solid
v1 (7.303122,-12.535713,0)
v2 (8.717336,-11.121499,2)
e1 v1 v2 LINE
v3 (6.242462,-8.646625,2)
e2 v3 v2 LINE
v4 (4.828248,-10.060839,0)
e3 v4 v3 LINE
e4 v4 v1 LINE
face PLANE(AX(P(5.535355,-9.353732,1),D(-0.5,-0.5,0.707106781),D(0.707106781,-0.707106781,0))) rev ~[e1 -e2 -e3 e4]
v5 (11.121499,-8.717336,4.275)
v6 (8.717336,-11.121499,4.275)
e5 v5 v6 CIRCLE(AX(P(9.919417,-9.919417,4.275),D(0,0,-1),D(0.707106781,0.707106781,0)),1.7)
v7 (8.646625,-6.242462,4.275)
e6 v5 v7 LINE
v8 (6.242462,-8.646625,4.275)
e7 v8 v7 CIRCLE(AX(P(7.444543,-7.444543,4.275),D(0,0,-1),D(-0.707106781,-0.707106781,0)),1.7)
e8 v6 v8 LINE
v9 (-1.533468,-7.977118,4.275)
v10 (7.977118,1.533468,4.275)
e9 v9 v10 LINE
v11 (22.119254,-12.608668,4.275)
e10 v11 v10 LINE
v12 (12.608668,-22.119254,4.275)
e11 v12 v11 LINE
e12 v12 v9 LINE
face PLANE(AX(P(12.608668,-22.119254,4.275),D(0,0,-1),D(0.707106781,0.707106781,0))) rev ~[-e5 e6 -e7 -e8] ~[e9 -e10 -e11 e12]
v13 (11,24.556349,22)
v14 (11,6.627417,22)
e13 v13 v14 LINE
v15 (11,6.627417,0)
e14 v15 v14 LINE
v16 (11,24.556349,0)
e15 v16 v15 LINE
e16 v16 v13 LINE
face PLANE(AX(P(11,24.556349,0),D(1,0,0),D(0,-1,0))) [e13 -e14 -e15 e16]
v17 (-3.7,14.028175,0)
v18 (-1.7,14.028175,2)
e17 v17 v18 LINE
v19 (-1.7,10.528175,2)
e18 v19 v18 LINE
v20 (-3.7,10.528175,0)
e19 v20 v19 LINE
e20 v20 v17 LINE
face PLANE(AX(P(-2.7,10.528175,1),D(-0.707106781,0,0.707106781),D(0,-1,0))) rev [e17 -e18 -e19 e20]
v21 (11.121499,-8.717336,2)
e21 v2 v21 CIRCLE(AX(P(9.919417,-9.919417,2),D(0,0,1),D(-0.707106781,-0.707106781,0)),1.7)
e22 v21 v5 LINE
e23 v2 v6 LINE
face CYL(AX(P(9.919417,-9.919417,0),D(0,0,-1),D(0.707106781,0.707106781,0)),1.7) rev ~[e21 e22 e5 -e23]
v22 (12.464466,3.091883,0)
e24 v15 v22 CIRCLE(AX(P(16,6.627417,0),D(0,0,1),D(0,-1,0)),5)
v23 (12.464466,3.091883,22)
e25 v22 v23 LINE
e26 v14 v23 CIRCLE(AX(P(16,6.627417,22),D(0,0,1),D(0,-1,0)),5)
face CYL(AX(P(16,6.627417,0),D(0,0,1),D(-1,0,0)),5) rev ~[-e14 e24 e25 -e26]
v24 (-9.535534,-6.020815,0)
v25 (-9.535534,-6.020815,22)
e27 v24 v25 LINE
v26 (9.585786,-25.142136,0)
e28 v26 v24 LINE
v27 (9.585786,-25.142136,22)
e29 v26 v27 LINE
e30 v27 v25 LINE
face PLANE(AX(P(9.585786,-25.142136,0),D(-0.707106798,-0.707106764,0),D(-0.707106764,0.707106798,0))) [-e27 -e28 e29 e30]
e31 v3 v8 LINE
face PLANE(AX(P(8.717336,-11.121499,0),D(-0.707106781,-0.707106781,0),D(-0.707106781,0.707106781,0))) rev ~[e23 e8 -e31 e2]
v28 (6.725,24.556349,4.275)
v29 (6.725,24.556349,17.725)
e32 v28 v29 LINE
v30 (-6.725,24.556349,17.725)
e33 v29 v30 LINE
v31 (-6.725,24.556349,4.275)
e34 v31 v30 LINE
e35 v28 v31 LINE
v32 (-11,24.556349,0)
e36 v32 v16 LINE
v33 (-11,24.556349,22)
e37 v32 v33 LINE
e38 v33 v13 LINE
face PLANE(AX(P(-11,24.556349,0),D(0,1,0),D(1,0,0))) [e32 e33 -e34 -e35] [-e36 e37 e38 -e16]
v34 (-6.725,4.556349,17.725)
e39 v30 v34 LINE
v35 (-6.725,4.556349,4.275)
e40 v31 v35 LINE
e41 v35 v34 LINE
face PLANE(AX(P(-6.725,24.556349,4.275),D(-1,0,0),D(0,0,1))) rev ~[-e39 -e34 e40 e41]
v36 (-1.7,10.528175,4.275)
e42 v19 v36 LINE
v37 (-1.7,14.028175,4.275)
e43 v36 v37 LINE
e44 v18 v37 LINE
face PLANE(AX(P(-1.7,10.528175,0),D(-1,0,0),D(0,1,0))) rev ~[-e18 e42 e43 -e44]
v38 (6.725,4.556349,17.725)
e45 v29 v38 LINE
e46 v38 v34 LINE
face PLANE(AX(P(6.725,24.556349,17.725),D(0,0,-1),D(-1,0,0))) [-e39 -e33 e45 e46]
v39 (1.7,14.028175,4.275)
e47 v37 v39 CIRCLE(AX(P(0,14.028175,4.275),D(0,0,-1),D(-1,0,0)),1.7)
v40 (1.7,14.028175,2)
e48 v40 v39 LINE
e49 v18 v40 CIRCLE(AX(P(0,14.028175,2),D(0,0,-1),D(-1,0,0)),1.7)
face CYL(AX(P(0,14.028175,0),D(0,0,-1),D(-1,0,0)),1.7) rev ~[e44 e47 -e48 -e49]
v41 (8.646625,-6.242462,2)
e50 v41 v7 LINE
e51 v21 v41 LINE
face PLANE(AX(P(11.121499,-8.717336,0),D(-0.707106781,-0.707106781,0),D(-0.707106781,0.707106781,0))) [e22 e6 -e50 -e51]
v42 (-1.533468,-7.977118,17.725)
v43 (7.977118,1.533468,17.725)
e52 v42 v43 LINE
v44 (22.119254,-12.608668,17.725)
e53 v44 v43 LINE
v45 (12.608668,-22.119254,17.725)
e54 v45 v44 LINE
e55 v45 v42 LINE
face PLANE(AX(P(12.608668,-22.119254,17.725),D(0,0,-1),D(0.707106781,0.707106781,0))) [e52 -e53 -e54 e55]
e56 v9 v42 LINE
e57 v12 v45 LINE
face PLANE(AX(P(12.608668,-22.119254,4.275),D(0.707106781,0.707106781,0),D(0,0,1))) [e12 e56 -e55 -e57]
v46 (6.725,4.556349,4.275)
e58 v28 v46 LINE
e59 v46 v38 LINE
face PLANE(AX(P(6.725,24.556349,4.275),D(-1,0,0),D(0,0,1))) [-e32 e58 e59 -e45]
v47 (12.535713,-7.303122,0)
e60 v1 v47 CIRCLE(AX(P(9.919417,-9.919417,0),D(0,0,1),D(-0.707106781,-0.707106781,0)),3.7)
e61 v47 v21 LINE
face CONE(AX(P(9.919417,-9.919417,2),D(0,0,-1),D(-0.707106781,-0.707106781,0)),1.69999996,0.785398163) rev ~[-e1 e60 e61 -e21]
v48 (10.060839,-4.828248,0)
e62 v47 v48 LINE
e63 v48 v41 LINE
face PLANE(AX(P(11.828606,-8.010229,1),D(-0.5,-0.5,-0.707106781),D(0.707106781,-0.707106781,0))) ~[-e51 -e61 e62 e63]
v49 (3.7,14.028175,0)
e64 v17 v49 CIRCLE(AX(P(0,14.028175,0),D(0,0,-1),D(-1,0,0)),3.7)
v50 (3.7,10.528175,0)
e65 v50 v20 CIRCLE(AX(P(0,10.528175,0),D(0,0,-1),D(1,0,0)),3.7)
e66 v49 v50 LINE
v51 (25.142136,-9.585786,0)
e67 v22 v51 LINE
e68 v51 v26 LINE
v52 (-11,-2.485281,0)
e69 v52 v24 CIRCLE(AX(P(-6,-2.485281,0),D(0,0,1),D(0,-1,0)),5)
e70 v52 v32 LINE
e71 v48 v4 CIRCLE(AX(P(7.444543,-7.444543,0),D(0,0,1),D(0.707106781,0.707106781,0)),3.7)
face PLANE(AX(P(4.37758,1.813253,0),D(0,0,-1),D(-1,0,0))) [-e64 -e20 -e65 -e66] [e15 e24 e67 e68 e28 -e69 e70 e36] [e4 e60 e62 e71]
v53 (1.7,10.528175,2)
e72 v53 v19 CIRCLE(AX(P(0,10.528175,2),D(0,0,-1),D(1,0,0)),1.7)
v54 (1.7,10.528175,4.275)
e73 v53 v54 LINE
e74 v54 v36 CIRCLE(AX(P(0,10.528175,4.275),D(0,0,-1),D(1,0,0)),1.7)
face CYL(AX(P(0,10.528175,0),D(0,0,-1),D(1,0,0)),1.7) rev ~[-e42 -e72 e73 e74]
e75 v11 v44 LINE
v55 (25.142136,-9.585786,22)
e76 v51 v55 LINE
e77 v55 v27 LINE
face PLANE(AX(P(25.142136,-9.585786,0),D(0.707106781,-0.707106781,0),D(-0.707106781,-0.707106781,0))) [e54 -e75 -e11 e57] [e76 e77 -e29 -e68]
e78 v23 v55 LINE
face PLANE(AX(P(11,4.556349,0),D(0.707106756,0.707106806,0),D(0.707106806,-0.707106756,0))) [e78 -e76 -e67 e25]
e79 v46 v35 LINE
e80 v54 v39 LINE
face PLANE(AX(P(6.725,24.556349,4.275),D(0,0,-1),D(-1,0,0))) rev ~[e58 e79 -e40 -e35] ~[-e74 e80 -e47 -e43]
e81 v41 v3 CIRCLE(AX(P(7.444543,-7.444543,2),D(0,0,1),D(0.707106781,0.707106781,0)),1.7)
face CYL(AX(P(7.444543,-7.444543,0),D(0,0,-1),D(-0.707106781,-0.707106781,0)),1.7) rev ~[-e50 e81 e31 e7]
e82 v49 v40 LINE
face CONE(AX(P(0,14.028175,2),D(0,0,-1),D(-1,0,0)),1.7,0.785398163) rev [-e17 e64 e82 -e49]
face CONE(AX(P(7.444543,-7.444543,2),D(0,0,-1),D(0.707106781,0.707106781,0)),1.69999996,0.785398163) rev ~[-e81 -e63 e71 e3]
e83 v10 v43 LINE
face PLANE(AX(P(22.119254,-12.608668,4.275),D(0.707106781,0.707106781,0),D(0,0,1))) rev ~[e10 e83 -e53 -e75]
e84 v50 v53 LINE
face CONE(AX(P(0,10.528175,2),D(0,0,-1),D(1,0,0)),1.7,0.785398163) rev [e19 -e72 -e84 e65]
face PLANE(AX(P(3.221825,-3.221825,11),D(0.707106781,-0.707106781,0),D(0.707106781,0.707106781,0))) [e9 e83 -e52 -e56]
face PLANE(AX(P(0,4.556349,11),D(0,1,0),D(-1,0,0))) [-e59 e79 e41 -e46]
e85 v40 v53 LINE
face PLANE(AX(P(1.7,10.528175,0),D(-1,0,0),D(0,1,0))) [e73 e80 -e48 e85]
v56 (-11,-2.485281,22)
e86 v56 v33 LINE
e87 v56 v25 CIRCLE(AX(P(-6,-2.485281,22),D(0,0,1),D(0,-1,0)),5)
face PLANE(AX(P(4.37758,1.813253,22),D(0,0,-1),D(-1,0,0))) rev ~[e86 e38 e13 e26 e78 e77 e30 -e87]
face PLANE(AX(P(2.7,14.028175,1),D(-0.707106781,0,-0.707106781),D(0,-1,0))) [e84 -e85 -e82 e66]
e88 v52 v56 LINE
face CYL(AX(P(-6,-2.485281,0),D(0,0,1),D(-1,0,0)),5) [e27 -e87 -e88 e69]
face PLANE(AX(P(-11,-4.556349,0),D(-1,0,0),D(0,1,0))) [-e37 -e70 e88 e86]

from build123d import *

# Parameters (mm, degrees)
PAD_DEPTH       = 22
SKETCH001_W     = 13.45
SKETCH001_H     = 13.45
POCKET_DEPTH    = 20
SKETCH002_W     = 13.45
SKETCH002_H     = 13.45
POCKET001_DEPTH = 20
POCKET002_DEPTH = 5
CHAMFER_SIZE    = 2
FILLET_R        = 5


with BuildPart() as part:
    # Sketch → Pad (new body)
    with BuildSketch(Plane.XY):
        Polygon((-11, 24.556349), (11, 24.556349), (11, 4.556349), (25.142136, -9.585786), (9.585786, -25.142136), (-11, -4.556349), align=None)
    extrude(amount=PAD_DEPTH)

    # Sketch001 (on Face4 of Pad) → Pocket (cut)
    with BuildSketch(Plane(origin=(17.363961, -17.363961, 0), x_dir=(0.707107, 0.707107, 0), z_dir=(0.707107, -0.707107, 0))):
        with Locations((0, 11)):
            Rectangle(SKETCH001_W, SKETCH001_H)
    extrude(amount=-POCKET_DEPTH, mode=Mode.SUBTRACT)

    # Sketch002 (on Face1 of Pocket) → Pocket001 (cut)
    with BuildSketch(Plane(origin=(0, 24.556349, 0), x_dir=(-1, 0, 0), z_dir=(0, 1, 0))):
        with Locations((0, 11)):
            Rectangle(SKETCH002_W, SKETCH002_H)
    extrude(amount=-POCKET001_DEPTH, mode=Mode.SUBTRACT)

    # Sketch003 (on Face3 of Pocket001) → Pocket002 (cut)
    with BuildSketch(Plane(origin=(0, 0, 0), x_dir=(1, 0, 0), z_dir=(0, 0, -1))):
        with BuildLine():
            ThreePointArc((1.7, -10.528175), (0, -8.828175), (-1.7, -10.528175))
            Line((-1.7, -10.528175), (-1.7, -14.028175))
            ThreePointArc((-1.7, -14.028175), (0, -15.728175), (1.7, -14.028175))
            Line((1.7, -10.528175), (1.7, -14.028175))
        make_face()
        with BuildLine():
            Line((8.717336, 11.121499), (6.242462, 8.646625))
            ThreePointArc((6.242462, 8.646625), (6.242462, 6.242462), (8.646625, 6.242462))
            Line((11.121499, 8.717336), (8.646625, 6.242462))
            ThreePointArc((11.121499, 8.717336), (11.121499, 11.121499), (8.717336, 11.121499))
        make_face()
    extrude(amount=-POCKET002_DEPTH, mode=Mode.SUBTRACT)

    # Chamfer
    chamfer_edges = [part.edges().sort_by_distance(p)[0] for p in [
        (9.884062, -7.479899, 0),
        (11.121499, -11.121499, 0),
        (7.479899, -9.884062, 0),
        (6.242462, -6.242462, 0),
        (0, 8.828175, 0),
        (1.7, 12.278175, 0),
        (0, 15.728175, 0),
        (-1.7, 12.278175, 0),
    ]]
    chamfer(chamfer_edges, length=CHAMFER_SIZE)

    # Fillet
    fillet_edges = [part.edges().sort_by_distance(p)[0] for p in [
        (-11, -4.556349, 11),
        (11, 4.556349, 11),
    ]]
    fillet(fillet_edges, radius=FILLET_R)


solid = part.part
